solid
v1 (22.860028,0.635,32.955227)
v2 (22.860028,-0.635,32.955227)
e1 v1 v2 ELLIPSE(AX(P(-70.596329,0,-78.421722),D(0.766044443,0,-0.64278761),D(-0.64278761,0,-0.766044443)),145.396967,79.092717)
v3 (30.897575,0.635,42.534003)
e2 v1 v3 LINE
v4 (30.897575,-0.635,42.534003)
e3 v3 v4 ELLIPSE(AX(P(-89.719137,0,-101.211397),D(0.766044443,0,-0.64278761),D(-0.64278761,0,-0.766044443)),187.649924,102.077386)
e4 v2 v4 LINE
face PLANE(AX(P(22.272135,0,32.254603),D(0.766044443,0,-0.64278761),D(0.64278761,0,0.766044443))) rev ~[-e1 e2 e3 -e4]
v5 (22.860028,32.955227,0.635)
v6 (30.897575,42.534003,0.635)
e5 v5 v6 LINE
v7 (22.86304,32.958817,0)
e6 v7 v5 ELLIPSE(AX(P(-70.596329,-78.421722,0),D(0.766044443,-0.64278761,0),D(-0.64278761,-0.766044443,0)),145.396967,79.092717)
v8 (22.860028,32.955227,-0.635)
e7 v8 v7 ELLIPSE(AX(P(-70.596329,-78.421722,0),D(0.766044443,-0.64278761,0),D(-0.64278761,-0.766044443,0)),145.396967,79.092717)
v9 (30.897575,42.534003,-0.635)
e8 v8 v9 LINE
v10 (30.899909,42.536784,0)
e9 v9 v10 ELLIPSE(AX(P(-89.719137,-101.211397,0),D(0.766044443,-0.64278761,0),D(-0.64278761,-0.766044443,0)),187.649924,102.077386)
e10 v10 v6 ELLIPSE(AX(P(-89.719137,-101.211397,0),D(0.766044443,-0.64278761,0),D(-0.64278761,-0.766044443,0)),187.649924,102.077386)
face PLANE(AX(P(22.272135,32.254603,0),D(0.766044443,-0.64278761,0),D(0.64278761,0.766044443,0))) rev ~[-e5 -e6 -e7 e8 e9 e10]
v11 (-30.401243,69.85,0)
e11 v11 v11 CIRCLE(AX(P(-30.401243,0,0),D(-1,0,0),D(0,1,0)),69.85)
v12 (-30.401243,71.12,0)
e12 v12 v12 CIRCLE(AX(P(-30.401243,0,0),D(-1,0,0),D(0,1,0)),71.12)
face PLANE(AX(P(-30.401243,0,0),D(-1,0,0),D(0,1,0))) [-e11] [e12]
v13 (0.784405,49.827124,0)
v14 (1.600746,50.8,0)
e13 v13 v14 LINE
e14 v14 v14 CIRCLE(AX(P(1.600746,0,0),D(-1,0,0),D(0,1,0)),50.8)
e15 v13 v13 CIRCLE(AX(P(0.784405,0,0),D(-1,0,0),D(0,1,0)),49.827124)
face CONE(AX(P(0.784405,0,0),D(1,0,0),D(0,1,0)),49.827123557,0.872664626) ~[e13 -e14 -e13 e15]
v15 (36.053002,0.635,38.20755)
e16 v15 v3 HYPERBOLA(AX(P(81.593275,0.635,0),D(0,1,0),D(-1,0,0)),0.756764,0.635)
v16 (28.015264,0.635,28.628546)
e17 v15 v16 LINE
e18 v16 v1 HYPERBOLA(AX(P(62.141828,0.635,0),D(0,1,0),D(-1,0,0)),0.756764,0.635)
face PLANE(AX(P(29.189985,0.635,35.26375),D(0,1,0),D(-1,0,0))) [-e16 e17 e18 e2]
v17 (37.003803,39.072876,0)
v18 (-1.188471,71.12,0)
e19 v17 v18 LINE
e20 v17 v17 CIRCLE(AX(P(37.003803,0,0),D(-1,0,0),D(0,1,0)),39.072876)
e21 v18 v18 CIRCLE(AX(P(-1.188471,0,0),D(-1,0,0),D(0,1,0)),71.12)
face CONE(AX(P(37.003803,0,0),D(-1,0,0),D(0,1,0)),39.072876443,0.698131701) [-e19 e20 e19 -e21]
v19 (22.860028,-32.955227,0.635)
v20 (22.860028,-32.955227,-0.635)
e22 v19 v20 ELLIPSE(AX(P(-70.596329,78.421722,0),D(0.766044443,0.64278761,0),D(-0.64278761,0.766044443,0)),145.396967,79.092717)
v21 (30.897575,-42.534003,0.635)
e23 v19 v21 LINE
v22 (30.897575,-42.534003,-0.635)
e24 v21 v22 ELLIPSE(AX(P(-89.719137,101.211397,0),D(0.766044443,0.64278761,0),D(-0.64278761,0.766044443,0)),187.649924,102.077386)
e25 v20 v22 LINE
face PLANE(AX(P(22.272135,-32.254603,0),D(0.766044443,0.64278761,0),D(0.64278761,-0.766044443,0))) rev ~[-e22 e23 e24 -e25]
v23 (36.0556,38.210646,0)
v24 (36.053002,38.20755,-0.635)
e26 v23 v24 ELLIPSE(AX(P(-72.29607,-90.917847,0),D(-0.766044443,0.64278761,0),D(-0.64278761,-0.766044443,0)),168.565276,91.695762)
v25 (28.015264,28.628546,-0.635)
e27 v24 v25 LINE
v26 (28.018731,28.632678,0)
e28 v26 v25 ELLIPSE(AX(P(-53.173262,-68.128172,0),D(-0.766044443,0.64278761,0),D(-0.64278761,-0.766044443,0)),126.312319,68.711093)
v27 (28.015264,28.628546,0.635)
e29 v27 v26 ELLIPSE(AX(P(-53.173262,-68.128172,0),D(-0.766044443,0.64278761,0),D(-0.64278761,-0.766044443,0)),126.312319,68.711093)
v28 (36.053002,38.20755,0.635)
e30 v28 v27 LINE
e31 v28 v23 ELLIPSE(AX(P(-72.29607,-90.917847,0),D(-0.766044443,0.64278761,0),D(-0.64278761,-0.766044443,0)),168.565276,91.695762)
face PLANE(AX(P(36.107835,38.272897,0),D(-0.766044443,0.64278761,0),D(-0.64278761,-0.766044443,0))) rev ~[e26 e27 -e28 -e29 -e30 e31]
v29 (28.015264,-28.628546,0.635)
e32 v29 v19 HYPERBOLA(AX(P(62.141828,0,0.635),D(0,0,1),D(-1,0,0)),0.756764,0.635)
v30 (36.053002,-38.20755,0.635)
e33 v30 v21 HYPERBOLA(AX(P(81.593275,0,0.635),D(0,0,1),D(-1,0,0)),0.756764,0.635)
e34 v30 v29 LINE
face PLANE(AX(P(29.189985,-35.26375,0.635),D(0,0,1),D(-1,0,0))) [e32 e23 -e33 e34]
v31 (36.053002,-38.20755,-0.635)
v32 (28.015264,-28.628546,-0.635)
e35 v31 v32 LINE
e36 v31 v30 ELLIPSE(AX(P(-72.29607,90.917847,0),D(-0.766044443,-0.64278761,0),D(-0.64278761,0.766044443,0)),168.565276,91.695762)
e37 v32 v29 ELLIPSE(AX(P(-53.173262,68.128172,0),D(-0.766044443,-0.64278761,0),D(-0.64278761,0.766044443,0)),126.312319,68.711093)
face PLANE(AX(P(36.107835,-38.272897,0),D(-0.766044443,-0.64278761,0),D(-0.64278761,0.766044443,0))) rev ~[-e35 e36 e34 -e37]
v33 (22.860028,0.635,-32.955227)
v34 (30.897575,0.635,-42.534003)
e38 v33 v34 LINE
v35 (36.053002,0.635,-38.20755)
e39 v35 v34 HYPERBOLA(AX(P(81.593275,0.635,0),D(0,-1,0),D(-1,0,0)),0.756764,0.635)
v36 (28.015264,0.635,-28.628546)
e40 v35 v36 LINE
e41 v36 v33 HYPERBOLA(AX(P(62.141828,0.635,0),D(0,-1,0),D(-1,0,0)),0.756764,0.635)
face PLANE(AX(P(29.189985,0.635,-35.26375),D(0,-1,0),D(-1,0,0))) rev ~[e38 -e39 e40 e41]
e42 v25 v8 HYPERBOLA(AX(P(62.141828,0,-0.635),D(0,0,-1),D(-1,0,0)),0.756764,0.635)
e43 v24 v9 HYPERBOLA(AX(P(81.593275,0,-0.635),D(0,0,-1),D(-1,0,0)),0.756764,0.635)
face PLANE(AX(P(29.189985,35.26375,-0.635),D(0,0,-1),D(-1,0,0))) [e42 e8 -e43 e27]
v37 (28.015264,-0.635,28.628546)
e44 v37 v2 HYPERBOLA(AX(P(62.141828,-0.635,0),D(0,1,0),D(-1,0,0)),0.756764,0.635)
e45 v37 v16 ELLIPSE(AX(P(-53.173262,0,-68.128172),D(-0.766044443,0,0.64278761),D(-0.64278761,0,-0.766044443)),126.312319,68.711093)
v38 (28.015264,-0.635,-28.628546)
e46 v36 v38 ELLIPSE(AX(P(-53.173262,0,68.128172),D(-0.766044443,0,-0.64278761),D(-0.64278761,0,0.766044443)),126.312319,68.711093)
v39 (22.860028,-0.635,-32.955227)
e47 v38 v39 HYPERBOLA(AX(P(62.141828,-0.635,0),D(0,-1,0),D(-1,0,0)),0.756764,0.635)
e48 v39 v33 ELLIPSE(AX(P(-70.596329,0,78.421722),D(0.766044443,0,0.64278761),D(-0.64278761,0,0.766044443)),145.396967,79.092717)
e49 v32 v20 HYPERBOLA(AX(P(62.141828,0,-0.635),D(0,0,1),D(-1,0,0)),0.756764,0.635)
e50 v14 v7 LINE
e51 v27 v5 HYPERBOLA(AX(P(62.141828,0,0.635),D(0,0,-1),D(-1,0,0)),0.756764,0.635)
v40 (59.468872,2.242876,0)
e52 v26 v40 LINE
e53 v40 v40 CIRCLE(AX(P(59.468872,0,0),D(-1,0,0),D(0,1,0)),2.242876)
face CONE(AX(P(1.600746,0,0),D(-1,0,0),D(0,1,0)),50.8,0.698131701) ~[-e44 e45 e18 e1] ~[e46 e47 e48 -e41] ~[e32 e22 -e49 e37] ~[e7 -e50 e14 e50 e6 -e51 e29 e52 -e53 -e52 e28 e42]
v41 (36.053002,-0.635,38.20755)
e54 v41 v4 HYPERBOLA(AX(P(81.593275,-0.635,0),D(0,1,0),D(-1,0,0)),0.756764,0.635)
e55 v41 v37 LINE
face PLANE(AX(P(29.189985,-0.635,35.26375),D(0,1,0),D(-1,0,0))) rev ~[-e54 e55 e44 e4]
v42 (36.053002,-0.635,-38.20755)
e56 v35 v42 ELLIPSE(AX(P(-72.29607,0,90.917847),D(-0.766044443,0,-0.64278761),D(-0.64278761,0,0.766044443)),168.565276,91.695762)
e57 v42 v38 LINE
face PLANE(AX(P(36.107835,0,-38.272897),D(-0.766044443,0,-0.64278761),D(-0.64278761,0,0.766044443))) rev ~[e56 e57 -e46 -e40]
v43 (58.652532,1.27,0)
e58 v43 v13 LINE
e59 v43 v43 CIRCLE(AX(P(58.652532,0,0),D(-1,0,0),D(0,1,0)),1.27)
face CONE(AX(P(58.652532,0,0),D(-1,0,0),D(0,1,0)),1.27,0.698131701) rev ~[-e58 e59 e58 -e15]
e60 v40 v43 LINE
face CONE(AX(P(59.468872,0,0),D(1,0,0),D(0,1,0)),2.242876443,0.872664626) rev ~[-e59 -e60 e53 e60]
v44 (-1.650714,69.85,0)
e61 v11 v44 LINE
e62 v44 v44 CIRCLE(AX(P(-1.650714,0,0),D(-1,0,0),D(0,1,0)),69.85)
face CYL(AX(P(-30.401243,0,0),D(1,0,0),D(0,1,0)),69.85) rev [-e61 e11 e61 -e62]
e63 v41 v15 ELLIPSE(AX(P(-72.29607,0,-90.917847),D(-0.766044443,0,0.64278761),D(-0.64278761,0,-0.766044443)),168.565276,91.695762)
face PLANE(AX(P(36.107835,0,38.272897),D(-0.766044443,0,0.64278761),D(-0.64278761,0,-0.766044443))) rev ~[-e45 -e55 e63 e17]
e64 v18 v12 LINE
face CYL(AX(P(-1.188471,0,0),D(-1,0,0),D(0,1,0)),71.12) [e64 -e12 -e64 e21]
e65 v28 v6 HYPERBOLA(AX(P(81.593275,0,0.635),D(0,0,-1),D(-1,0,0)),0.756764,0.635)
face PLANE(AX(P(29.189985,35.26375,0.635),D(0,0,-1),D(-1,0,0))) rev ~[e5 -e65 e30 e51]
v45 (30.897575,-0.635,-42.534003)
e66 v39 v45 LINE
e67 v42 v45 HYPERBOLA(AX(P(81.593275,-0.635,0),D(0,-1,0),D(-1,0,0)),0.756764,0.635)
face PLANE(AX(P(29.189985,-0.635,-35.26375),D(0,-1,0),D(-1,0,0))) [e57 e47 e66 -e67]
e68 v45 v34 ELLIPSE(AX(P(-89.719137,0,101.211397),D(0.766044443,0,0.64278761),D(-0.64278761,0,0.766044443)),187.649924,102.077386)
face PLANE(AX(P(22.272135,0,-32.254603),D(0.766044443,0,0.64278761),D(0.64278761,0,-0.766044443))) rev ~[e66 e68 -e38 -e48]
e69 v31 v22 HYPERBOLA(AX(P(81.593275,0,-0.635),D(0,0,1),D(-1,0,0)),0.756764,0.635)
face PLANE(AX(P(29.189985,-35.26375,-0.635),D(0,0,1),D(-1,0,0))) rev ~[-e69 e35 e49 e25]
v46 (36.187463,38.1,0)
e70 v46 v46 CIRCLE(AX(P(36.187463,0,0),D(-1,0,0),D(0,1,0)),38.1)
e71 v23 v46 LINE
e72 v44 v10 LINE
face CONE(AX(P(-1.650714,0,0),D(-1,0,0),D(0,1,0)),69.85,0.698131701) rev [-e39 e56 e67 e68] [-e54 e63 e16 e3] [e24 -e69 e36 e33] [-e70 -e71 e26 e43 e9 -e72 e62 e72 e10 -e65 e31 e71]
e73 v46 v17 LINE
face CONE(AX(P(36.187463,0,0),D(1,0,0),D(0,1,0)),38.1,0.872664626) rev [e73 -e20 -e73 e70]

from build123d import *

# Parameters (mm, degrees)
BOSS_EXTRUDE1_DEPTH = 0.635
CIRPATTERN1_COUNT   = 4


with BuildPart() as part:
    # Sketch1 → Revolve1 (revolve)
    with BuildSketch(Plane.XY):
        Polygon((-30.401242848, 69.85), (-1.650713674, 69.85), (36.187462891, 38.1), (37.003803155, 39.072876443), (-1.188471476, 71.12), (-30.401242848, 71.12), align=None)
    revolve(axis=Axis((0, 0, 0), (-1, 0, 0)))



with BuildPart() as body_2:
    # Sketch2 → Revolve2 (revolve)
    with BuildSketch(Plane.XY):
        Polygon((0.784405442, 49.827123557), (1.600745706, 50.8), (59.468872152, 2.242876443), (58.652531887, 1.27), align=None)
    revolve(axis=Axis((0, 0, 0), (-1, 0, 0)))


with BuildPart() as part_1:
    add(part.part)

    add(body_2.part)  # Boss-Extrude1 merges body 2
    # Sketch3 → Boss-Extrude1 (add, symmetric)
    with BuildSketch(Plane.XY):
        Polygon((30.952144014, 42.599035585), (36.107835241, 38.272896978), (27.427825795, 27.928464538), (22.272134568, 32.254603145), align=None)
    boss_extrude1 = extrude(amount=BOSS_EXTRUDE1_DEPTH, both=True)

    # CirPattern1: Boss-Extrude1 ×4 about axis
    cirpattern1_axis = Axis((0, 0, 0), (1, 0, 0))
    for i in range(1, CIRPATTERN1_COUNT):
        add(boss_extrude1.rotate(cirpattern1_axis, i * 360 / CIRPATTERN1_COUNT))


solid = part_1.part
